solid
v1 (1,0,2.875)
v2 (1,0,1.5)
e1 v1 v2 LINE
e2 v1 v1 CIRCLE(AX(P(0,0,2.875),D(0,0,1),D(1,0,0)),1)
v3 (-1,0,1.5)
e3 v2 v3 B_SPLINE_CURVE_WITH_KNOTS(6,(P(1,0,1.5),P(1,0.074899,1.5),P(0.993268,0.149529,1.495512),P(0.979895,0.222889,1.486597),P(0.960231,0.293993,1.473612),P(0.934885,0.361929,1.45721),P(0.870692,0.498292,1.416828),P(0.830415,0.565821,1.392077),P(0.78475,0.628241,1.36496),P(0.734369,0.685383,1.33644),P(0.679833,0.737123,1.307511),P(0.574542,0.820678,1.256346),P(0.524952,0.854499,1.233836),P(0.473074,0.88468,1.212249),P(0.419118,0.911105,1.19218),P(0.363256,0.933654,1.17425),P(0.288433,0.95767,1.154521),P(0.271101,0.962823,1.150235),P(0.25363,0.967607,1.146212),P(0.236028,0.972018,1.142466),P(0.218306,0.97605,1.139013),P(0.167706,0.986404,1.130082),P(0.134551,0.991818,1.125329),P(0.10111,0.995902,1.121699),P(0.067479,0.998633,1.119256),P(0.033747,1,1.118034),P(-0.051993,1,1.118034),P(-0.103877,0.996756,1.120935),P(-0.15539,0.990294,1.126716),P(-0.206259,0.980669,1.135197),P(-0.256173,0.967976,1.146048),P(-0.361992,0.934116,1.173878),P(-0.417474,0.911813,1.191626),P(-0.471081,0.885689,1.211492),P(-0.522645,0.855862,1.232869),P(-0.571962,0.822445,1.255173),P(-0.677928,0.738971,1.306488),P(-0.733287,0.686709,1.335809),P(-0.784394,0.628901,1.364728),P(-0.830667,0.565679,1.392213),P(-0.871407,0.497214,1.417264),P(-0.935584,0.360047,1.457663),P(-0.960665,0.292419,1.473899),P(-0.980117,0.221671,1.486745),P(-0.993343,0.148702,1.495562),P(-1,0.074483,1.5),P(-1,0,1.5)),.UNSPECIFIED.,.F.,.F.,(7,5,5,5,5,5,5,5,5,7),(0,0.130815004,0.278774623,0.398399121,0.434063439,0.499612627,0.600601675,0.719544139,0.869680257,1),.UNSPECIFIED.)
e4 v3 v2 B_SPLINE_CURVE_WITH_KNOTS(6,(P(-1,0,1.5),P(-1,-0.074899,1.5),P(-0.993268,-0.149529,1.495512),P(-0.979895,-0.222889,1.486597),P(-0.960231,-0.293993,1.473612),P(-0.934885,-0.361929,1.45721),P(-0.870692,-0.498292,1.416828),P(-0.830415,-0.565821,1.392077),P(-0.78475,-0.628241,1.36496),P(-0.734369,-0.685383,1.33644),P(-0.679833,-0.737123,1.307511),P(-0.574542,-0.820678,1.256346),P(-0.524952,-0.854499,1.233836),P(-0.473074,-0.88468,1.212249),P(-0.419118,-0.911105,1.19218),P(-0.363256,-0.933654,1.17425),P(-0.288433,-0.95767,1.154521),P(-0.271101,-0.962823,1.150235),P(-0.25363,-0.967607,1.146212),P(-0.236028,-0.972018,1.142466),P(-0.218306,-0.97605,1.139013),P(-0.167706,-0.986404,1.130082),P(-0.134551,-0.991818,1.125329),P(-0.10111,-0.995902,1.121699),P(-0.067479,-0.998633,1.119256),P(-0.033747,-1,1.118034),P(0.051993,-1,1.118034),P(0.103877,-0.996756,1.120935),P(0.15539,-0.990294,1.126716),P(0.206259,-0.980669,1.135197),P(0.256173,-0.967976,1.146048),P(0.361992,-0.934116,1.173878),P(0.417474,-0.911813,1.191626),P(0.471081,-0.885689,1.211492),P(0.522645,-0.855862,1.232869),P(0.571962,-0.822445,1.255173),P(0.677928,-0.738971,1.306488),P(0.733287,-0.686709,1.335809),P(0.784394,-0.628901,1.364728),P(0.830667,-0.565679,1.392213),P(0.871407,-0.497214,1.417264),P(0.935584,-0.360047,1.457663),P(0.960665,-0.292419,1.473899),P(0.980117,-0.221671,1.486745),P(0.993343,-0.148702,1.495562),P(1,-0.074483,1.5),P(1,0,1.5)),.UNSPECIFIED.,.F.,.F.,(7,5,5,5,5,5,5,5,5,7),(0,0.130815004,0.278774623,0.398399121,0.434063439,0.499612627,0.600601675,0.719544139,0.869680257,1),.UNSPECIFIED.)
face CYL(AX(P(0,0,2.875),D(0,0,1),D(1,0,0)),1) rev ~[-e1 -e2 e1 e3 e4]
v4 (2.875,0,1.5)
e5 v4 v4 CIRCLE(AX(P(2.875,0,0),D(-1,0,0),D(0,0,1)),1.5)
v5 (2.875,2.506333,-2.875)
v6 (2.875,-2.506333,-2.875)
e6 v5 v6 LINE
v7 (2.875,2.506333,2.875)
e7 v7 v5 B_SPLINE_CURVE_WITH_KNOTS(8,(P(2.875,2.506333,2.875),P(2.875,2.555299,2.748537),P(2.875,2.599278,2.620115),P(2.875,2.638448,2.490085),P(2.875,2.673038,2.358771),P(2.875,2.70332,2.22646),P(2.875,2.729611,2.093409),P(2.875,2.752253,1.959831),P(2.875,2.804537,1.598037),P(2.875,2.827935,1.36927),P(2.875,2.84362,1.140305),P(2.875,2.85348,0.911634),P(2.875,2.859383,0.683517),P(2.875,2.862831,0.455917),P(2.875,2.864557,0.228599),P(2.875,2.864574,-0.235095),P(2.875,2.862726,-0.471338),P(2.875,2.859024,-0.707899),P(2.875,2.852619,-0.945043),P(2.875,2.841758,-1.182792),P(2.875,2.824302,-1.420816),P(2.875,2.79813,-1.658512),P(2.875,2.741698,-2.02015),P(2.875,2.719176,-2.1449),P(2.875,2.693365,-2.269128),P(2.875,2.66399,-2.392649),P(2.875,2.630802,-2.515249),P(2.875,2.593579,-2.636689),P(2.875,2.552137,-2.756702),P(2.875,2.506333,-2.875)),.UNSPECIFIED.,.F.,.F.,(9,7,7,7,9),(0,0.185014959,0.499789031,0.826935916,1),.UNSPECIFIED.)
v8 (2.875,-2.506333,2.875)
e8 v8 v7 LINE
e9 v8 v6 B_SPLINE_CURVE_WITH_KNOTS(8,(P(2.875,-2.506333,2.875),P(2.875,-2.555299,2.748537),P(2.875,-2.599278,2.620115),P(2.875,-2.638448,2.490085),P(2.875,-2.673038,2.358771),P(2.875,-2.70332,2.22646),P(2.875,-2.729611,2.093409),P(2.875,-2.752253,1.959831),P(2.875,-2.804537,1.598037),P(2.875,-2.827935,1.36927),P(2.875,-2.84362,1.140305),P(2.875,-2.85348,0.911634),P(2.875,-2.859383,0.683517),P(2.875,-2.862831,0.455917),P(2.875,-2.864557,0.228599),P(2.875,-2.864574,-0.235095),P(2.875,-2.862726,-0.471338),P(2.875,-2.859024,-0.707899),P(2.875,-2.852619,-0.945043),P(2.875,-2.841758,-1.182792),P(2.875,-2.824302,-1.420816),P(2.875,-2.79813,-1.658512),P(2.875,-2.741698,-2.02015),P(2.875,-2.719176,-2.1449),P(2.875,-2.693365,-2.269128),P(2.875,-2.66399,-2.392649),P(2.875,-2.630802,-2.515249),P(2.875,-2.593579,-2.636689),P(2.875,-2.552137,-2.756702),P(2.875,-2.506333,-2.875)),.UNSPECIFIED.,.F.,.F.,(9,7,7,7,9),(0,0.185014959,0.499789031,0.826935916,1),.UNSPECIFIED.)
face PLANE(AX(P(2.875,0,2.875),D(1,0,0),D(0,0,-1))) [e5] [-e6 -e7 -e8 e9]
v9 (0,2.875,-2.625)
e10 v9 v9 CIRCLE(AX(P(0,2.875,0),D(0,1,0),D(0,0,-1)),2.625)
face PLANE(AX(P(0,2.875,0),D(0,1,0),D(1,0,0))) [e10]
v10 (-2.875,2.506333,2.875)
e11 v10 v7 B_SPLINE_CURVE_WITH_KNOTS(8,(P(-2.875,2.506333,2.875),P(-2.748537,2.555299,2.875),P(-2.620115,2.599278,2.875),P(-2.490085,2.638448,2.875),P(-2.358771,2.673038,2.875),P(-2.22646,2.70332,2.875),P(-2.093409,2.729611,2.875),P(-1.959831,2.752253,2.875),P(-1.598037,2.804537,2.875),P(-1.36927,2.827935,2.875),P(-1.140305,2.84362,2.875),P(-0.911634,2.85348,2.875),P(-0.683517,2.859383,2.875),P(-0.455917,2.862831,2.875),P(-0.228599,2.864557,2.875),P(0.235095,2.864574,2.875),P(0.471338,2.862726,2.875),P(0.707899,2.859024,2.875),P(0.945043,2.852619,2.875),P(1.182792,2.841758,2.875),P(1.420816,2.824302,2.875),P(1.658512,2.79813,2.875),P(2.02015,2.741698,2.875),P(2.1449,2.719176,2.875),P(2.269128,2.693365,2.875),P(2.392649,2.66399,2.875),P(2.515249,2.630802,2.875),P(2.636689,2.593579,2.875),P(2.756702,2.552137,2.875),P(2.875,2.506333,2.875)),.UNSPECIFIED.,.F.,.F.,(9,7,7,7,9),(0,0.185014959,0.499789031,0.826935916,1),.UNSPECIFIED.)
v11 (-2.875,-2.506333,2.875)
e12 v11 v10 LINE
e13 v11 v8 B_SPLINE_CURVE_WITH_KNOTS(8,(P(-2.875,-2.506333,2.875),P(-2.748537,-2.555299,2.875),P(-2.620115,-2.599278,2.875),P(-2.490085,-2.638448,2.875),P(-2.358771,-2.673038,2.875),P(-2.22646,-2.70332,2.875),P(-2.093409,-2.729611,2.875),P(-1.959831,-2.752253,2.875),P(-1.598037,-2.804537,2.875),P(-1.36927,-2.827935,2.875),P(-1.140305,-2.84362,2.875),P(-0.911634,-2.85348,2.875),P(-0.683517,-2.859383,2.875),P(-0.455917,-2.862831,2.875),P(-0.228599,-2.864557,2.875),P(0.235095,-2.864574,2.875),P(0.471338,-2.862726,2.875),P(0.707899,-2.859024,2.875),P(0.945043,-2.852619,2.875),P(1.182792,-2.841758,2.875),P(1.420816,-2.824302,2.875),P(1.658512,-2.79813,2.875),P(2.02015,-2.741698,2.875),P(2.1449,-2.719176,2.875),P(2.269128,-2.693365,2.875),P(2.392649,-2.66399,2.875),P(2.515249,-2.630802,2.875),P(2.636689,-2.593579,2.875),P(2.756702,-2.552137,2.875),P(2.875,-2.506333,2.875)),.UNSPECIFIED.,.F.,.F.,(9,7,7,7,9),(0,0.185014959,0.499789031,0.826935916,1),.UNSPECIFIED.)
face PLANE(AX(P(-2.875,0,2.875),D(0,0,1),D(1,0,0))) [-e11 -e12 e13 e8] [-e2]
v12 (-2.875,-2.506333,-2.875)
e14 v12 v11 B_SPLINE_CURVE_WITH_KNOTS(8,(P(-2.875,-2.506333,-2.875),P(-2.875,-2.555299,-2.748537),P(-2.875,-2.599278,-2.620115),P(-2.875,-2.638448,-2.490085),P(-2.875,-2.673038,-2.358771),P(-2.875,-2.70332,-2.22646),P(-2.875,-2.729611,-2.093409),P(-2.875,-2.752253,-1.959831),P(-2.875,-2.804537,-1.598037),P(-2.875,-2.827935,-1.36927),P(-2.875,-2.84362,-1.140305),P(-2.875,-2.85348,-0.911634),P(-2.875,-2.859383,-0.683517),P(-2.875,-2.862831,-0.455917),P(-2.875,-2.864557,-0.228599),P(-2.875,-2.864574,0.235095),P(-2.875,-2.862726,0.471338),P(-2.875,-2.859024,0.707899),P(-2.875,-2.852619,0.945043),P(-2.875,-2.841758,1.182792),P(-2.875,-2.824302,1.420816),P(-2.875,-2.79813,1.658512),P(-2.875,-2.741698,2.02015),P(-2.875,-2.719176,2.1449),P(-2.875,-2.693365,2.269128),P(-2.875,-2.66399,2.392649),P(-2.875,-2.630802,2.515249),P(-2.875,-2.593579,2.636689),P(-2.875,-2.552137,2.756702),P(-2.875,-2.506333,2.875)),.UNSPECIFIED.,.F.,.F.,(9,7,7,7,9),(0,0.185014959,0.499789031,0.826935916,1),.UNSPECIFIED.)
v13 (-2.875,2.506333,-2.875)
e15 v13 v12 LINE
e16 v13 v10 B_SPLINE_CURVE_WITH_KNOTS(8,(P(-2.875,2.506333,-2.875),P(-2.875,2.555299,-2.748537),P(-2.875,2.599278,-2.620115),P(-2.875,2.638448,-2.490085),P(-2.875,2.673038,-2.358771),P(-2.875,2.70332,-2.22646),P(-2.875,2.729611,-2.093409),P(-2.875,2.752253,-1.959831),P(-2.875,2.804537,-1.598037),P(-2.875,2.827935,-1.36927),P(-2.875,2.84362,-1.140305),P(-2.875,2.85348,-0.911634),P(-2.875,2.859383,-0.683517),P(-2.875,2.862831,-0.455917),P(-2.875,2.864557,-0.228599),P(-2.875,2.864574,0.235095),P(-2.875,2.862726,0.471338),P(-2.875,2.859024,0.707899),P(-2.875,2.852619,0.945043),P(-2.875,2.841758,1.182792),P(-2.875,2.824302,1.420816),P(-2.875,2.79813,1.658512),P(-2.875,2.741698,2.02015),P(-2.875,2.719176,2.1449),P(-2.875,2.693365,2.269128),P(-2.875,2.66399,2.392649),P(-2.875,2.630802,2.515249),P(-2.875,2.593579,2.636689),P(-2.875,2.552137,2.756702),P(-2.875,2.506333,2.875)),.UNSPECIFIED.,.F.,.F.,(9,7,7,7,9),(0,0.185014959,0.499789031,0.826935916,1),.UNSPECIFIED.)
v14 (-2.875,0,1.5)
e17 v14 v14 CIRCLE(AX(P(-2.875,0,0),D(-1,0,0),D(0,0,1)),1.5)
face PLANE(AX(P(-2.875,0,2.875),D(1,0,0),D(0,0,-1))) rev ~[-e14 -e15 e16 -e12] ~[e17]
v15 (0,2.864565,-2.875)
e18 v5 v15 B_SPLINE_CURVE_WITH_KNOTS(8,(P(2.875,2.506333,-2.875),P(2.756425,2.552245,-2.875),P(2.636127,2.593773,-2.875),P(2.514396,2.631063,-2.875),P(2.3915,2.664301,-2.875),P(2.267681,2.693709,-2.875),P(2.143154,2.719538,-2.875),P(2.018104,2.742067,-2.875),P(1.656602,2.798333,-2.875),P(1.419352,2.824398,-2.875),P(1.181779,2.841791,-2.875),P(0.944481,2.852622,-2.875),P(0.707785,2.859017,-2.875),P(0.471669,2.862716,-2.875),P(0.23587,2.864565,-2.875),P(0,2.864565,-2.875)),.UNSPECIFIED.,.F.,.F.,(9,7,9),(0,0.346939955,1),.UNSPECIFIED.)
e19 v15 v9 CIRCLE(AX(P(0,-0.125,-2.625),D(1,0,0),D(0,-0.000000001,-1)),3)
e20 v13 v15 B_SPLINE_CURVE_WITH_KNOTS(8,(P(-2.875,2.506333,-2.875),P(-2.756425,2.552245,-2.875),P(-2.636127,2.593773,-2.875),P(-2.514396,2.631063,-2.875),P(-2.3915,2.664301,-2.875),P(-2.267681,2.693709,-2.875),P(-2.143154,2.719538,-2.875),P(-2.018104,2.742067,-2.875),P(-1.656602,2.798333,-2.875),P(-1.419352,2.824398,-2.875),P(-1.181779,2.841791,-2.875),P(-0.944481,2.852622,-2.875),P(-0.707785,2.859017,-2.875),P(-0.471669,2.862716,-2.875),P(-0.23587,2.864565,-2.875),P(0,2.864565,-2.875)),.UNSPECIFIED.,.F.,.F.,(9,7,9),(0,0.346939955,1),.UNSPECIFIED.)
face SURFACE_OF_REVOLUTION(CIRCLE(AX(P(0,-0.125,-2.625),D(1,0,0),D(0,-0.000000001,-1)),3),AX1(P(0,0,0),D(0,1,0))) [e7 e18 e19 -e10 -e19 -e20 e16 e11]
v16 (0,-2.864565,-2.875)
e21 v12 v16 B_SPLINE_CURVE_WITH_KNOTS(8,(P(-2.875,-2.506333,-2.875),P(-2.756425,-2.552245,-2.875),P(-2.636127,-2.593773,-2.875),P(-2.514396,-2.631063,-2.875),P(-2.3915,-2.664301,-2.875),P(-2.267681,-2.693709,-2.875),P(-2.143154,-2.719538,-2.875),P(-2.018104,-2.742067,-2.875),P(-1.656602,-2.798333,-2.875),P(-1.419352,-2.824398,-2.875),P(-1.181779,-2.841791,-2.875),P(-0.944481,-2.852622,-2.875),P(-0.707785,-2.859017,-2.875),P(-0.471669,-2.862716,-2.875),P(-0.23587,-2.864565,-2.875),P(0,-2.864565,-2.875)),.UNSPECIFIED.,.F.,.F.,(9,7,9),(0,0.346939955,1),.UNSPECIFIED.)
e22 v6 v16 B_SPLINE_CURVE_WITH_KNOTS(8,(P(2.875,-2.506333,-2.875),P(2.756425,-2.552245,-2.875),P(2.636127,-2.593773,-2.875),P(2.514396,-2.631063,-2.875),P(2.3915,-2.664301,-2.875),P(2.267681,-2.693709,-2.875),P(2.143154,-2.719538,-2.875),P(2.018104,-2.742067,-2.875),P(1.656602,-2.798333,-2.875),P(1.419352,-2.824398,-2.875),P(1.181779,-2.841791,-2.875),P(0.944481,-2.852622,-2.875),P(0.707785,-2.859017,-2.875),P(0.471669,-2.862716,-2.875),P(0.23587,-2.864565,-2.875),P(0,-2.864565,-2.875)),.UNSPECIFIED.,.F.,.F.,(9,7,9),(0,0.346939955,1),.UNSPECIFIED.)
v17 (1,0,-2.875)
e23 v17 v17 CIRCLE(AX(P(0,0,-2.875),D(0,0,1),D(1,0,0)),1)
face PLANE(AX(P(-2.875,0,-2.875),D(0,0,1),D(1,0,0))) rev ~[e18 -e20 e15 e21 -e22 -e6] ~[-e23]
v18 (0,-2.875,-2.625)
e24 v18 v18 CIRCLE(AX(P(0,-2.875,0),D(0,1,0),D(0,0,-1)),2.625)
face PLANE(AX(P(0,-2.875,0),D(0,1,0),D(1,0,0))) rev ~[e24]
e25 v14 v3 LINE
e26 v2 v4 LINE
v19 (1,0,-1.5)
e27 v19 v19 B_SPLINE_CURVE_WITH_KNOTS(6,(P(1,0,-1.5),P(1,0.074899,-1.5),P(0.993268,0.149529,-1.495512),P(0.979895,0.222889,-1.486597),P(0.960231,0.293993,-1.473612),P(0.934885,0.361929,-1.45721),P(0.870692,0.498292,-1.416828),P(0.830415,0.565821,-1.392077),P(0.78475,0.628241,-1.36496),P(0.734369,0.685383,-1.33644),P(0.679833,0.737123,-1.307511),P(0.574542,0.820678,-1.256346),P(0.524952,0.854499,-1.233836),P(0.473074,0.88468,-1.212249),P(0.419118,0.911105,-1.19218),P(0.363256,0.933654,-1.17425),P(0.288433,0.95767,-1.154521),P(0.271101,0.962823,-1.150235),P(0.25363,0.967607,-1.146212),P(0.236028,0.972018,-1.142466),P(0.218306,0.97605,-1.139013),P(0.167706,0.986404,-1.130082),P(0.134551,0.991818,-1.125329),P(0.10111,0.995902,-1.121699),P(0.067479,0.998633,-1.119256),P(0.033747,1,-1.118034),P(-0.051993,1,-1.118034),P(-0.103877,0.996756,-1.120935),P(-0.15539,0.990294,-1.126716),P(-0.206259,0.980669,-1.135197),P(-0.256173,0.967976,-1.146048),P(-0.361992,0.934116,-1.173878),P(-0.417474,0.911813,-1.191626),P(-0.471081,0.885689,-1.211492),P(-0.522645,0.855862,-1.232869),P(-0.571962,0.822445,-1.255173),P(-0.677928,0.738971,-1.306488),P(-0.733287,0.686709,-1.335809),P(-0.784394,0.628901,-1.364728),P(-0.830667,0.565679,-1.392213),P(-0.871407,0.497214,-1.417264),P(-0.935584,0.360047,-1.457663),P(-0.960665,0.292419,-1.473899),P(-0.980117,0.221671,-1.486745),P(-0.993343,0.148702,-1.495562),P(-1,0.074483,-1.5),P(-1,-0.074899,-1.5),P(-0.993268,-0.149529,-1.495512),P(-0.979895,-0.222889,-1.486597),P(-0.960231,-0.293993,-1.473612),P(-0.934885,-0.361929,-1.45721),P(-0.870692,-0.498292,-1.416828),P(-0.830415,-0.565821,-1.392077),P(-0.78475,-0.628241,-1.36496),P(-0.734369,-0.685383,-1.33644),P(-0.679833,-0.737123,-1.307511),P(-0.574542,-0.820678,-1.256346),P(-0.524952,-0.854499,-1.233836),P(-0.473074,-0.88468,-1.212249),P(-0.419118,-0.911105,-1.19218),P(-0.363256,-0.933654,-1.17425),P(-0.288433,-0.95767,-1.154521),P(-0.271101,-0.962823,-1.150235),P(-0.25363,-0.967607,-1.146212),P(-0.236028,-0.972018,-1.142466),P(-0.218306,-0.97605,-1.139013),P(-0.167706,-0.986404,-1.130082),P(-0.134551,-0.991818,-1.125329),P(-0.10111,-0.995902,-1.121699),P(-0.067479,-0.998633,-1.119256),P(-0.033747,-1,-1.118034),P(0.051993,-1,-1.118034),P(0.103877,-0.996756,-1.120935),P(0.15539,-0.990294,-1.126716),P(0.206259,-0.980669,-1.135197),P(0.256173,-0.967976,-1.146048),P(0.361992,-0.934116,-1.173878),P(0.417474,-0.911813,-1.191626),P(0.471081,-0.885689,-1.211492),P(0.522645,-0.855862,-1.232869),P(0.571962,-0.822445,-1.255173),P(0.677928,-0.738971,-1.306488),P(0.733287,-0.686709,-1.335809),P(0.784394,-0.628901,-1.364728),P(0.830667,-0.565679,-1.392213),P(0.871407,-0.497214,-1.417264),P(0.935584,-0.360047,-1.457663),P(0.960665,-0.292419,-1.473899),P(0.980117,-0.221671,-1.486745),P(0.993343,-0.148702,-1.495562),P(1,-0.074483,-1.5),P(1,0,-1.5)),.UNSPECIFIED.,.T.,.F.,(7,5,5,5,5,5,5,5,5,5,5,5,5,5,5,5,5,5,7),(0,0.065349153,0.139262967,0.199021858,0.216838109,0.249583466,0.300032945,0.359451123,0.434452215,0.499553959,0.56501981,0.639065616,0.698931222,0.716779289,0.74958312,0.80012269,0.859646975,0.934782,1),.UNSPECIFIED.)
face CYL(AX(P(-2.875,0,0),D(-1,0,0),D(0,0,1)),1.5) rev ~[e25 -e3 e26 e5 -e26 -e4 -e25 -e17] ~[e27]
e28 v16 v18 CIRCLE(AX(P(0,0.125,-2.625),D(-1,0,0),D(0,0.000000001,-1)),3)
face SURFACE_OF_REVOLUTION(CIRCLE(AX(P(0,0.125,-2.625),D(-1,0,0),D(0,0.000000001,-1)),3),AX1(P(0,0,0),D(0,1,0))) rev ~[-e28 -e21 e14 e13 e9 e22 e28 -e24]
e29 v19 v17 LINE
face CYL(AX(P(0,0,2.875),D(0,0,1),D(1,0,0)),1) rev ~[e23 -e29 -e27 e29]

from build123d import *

# Parameters (mm, degrees)
SKETCH1_W           = 5.75
SKETCH1_H           = 5.75
BOSS_EXTRUDE1_DEPTH = 2.875
CUT_EXTRUDE1_REACH  = 9.042
SKETCH2_R           = 1
SKETCH3_R           = 1.5
CUT_EXTRUDE2_DEPTH  = 8.042283011


with BuildPart() as part:
    # Sketch1 → Boss-Extrude1 (new, symmetric)
    with BuildSketch(Plane(origin=(0, 0, 0), x_dir=(1, 0, 0), z_dir=(0, 1, 0))):
        Rectangle(SKETCH1_W, SKETCH1_H)
    extrude(amount=BOSS_EXTRUDE1_DEPTH, both=True)

    # Sketch2 → Cut-Extrude1 (cut, up to next)
    with BuildSketch(Plane.XY.offset(2.875), mode=Mode.PRIVATE) as cut_extrude1_sk1:
        Circle(SKETCH2_R)
    cut_extrude1_tool1 = extrude(cut_extrude1_sk1.sketch, amount=-CUT_EXTRUDE1_REACH, mode=Mode.PRIVATE) & part.part
    add(cut_extrude1_tool1.solids().sort_by_distance((0, 0, 2.875))[0], mode=Mode.SUBTRACT)

    # Sketch3 → Cut-Extrude2 (cut, through all)
    with BuildSketch(Plane.ZY.offset(2.875)):
        Circle(SKETCH3_R)
    extrude(amount=-CUT_EXTRUDE2_DEPTH, mode=Mode.SUBTRACT)

    # Sketch4 → Cut-Revolve1 (revolve, cut)
    with BuildSketch(Plane.XY, mode=Mode.PRIVATE) as cut_revolve1_sk:
        with BuildLine():
            Line((2.625, 2.875), (5.625, 2.875))
            Line((5.625, 2.875), (5.625, -0.125))
            ThreePointArc((5.625, -0.125), (4.746320344, 1.996320344), (2.625, 2.875))
        make_face()
    cut_revolve1 = revolve(cut_revolve1_sk.sketch.rotate(Axis((0, 0, 0), (0, 1, 0)), 90), axis=Axis((0, 0, 0), (0, 1, 0)), mode=Mode.SUBTRACT)

    # Mirror1: Cut-Revolve1 across plane
    add(cut_revolve1.mirror(Plane.ZX), mode=Mode.SUBTRACT)


solid = part.part
